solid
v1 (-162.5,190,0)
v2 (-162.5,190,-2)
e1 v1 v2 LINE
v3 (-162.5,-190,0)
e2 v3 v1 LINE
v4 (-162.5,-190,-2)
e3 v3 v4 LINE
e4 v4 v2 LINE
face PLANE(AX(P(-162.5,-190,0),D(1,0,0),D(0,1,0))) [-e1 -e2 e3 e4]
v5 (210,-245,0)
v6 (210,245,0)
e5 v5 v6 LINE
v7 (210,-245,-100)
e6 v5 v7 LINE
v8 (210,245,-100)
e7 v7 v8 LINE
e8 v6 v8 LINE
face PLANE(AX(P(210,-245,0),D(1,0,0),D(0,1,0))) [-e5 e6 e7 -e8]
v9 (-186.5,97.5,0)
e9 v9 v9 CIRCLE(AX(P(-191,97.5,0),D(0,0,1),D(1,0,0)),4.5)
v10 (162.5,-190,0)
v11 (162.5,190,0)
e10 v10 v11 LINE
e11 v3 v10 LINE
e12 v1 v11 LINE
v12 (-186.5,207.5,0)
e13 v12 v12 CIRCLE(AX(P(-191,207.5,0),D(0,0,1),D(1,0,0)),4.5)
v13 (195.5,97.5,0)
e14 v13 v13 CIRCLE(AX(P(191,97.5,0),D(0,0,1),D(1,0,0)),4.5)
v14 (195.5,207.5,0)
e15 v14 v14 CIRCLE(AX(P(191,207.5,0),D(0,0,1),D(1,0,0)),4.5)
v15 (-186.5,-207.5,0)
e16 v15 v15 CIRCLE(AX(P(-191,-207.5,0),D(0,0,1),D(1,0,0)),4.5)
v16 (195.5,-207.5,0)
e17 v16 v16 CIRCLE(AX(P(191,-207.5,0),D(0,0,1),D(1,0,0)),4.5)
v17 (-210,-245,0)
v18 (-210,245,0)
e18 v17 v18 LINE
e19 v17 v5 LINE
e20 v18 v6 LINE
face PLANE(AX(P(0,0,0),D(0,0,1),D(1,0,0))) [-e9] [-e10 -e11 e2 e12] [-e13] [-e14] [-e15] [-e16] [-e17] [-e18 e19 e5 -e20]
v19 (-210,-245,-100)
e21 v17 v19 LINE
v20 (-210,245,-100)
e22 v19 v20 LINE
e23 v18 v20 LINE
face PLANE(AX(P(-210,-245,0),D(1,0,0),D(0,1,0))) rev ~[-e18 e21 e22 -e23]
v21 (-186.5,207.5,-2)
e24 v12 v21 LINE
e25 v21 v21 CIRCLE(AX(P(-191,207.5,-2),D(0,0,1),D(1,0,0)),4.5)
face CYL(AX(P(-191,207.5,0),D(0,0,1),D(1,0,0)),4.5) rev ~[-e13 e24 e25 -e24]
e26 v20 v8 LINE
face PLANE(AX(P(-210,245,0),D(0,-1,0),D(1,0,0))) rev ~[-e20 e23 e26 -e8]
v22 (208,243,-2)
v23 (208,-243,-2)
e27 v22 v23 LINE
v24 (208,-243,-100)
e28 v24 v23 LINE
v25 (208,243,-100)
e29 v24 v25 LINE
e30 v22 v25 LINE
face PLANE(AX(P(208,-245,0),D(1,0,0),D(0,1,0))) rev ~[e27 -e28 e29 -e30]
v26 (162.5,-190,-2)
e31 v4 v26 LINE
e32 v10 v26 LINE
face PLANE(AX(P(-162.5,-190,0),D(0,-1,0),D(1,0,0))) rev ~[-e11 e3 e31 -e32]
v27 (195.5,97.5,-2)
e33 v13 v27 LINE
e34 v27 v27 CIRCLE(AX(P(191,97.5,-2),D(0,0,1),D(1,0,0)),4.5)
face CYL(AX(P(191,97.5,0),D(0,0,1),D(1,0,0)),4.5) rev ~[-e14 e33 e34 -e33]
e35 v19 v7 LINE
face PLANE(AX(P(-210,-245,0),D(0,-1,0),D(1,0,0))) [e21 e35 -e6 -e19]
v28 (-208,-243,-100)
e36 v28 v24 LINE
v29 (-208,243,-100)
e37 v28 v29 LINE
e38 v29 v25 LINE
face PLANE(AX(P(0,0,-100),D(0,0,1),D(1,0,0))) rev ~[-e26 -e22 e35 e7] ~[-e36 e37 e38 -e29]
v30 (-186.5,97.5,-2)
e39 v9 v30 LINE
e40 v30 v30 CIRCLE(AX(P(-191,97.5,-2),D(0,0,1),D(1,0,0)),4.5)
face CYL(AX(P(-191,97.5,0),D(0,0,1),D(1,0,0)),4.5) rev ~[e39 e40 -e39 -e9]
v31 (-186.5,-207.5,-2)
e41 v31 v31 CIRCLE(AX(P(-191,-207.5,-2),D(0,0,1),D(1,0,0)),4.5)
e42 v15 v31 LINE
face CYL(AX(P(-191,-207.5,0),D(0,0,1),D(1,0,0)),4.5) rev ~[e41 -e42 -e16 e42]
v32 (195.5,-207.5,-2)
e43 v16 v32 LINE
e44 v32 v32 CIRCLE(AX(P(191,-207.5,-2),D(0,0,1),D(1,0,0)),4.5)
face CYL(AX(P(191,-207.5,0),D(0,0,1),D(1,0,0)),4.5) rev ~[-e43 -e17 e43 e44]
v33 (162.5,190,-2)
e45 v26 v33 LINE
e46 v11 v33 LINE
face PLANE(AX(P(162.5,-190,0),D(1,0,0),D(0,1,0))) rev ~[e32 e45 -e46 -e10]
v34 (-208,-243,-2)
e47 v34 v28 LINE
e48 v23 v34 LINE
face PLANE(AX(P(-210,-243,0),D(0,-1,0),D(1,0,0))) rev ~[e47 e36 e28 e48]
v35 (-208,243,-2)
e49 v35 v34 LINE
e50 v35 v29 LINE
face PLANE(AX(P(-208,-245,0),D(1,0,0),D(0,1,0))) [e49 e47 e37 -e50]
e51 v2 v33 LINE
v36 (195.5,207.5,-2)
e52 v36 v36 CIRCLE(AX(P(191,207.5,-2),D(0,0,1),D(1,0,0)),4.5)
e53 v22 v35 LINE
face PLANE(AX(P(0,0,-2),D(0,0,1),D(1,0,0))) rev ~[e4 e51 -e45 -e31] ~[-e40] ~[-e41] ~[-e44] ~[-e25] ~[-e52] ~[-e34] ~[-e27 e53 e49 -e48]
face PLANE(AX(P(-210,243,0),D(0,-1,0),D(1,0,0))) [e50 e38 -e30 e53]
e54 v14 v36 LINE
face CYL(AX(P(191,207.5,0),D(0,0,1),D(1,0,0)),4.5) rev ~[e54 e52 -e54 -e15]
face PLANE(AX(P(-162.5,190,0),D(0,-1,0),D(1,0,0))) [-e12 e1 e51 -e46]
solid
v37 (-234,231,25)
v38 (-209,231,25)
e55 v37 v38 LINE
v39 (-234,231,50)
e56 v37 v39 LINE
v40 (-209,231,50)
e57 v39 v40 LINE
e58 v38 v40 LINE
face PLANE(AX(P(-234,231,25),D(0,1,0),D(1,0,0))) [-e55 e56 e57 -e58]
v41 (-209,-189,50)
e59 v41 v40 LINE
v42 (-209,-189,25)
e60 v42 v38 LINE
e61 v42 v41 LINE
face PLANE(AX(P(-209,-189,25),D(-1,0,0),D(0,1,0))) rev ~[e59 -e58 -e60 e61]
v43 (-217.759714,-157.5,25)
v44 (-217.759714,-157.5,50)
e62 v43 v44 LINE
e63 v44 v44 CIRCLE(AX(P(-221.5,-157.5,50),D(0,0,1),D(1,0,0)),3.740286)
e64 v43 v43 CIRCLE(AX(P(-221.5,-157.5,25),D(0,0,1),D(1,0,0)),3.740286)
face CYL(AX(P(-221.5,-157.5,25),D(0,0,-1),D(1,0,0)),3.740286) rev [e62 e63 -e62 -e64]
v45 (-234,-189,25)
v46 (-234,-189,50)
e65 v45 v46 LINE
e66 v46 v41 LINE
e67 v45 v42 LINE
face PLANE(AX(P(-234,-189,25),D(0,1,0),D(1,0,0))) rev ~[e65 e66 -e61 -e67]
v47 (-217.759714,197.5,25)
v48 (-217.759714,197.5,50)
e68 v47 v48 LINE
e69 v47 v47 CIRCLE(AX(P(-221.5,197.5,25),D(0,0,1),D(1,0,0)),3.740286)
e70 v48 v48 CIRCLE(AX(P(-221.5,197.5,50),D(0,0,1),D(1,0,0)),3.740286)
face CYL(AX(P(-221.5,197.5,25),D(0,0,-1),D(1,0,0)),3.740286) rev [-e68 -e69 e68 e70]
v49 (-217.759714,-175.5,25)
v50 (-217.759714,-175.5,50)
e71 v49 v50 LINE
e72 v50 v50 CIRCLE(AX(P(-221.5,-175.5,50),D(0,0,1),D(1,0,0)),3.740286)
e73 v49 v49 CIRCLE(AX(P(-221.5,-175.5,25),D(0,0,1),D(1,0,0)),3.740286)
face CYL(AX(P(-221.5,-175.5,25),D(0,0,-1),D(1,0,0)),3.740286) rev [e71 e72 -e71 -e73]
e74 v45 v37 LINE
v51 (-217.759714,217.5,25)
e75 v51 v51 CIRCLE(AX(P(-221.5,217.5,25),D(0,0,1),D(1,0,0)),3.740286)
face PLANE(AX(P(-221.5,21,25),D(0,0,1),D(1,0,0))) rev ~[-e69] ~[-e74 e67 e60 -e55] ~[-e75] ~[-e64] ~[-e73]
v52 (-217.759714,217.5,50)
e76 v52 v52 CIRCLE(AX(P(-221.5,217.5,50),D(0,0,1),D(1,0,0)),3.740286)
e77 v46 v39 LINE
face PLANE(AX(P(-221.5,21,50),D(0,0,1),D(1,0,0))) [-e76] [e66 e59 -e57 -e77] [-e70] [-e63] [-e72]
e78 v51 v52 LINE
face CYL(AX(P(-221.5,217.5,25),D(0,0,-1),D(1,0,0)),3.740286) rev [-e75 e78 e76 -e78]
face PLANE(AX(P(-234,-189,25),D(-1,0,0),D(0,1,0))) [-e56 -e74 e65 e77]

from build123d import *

# Parameters (mm, degrees)
F0_W      = 420
F0_H      = 490
F1_DEPTH  = 100
F2_T      = -2
F3_W      = 325
F3_H      = 380
F4_DEPTH  = 25
F5_R      = 4.5
F6_DEPTH  = 25
F8_W      = 25
F8_H      = 420
F9_DEPTH  = 25
F10_R     = 3.740286
F11_DEPTH = 25


with BuildPart() as f1:
    # F0 (on Top) → F1 (new body)
    with BuildSketch(Plane.XY):
        Rectangle(F0_W, F0_H)
    extrude(amount=-F1_DEPTH)

    # F2
    f2_openings = [f1.faces().sort_by_distance(p)[0] for p in [
        (0, 0, -100),
    ]]
    offset(amount=F2_T, openings=f2_openings)

    # F3 (on face) → F4 (cut)
    with BuildSketch(Plane.XY):
        Rectangle(F3_W, F3_H)
    extrude(amount=-F4_DEPTH, mode=Mode.SUBTRACT)

    # F5 (on Top) → F6 (cut)
    with BuildSketch(Plane.XY):
        with Locations((-191, -207.5)):
            Circle(F5_R)
        with Locations((-191, 97.5)):
            Circle(F5_R)
        with Locations((-191, 207.5)):
            Circle(F5_R)
        with Locations((191, 207.5)):
            Circle(F5_R)
        with Locations((191, -207.5)):
            Circle(F5_R)
        with Locations((191, 97.5)):
            Circle(F5_R)
    extrude(amount=-F6_DEPTH, mode=Mode.SUBTRACT)


with BuildPart() as f9:
    # F8 (on offset) → F9 (new body)
    with BuildSketch(Plane.XY.offset(25)):
        with Locations((-221.5, 21)):
            Rectangle(F8_W, F8_H)
    extrude(amount=F9_DEPTH)

    # F10 (on offset) → F11 (cut)
    with BuildSketch(Plane.XY.offset(25)):
        with Locations((-221.5, 217.5)):
            Circle(F10_R)
        with Locations((-221.5, 197.5)):
            Circle(F10_R)
        with Locations((-221.5, -175.5)):
            Circle(F10_R)
        with Locations((-221.5, -157.5)):
            Circle(F10_R)
    extrude(amount=F11_DEPTH, mode=Mode.SUBTRACT)


solid = Compound([f1.part, f9.part])
